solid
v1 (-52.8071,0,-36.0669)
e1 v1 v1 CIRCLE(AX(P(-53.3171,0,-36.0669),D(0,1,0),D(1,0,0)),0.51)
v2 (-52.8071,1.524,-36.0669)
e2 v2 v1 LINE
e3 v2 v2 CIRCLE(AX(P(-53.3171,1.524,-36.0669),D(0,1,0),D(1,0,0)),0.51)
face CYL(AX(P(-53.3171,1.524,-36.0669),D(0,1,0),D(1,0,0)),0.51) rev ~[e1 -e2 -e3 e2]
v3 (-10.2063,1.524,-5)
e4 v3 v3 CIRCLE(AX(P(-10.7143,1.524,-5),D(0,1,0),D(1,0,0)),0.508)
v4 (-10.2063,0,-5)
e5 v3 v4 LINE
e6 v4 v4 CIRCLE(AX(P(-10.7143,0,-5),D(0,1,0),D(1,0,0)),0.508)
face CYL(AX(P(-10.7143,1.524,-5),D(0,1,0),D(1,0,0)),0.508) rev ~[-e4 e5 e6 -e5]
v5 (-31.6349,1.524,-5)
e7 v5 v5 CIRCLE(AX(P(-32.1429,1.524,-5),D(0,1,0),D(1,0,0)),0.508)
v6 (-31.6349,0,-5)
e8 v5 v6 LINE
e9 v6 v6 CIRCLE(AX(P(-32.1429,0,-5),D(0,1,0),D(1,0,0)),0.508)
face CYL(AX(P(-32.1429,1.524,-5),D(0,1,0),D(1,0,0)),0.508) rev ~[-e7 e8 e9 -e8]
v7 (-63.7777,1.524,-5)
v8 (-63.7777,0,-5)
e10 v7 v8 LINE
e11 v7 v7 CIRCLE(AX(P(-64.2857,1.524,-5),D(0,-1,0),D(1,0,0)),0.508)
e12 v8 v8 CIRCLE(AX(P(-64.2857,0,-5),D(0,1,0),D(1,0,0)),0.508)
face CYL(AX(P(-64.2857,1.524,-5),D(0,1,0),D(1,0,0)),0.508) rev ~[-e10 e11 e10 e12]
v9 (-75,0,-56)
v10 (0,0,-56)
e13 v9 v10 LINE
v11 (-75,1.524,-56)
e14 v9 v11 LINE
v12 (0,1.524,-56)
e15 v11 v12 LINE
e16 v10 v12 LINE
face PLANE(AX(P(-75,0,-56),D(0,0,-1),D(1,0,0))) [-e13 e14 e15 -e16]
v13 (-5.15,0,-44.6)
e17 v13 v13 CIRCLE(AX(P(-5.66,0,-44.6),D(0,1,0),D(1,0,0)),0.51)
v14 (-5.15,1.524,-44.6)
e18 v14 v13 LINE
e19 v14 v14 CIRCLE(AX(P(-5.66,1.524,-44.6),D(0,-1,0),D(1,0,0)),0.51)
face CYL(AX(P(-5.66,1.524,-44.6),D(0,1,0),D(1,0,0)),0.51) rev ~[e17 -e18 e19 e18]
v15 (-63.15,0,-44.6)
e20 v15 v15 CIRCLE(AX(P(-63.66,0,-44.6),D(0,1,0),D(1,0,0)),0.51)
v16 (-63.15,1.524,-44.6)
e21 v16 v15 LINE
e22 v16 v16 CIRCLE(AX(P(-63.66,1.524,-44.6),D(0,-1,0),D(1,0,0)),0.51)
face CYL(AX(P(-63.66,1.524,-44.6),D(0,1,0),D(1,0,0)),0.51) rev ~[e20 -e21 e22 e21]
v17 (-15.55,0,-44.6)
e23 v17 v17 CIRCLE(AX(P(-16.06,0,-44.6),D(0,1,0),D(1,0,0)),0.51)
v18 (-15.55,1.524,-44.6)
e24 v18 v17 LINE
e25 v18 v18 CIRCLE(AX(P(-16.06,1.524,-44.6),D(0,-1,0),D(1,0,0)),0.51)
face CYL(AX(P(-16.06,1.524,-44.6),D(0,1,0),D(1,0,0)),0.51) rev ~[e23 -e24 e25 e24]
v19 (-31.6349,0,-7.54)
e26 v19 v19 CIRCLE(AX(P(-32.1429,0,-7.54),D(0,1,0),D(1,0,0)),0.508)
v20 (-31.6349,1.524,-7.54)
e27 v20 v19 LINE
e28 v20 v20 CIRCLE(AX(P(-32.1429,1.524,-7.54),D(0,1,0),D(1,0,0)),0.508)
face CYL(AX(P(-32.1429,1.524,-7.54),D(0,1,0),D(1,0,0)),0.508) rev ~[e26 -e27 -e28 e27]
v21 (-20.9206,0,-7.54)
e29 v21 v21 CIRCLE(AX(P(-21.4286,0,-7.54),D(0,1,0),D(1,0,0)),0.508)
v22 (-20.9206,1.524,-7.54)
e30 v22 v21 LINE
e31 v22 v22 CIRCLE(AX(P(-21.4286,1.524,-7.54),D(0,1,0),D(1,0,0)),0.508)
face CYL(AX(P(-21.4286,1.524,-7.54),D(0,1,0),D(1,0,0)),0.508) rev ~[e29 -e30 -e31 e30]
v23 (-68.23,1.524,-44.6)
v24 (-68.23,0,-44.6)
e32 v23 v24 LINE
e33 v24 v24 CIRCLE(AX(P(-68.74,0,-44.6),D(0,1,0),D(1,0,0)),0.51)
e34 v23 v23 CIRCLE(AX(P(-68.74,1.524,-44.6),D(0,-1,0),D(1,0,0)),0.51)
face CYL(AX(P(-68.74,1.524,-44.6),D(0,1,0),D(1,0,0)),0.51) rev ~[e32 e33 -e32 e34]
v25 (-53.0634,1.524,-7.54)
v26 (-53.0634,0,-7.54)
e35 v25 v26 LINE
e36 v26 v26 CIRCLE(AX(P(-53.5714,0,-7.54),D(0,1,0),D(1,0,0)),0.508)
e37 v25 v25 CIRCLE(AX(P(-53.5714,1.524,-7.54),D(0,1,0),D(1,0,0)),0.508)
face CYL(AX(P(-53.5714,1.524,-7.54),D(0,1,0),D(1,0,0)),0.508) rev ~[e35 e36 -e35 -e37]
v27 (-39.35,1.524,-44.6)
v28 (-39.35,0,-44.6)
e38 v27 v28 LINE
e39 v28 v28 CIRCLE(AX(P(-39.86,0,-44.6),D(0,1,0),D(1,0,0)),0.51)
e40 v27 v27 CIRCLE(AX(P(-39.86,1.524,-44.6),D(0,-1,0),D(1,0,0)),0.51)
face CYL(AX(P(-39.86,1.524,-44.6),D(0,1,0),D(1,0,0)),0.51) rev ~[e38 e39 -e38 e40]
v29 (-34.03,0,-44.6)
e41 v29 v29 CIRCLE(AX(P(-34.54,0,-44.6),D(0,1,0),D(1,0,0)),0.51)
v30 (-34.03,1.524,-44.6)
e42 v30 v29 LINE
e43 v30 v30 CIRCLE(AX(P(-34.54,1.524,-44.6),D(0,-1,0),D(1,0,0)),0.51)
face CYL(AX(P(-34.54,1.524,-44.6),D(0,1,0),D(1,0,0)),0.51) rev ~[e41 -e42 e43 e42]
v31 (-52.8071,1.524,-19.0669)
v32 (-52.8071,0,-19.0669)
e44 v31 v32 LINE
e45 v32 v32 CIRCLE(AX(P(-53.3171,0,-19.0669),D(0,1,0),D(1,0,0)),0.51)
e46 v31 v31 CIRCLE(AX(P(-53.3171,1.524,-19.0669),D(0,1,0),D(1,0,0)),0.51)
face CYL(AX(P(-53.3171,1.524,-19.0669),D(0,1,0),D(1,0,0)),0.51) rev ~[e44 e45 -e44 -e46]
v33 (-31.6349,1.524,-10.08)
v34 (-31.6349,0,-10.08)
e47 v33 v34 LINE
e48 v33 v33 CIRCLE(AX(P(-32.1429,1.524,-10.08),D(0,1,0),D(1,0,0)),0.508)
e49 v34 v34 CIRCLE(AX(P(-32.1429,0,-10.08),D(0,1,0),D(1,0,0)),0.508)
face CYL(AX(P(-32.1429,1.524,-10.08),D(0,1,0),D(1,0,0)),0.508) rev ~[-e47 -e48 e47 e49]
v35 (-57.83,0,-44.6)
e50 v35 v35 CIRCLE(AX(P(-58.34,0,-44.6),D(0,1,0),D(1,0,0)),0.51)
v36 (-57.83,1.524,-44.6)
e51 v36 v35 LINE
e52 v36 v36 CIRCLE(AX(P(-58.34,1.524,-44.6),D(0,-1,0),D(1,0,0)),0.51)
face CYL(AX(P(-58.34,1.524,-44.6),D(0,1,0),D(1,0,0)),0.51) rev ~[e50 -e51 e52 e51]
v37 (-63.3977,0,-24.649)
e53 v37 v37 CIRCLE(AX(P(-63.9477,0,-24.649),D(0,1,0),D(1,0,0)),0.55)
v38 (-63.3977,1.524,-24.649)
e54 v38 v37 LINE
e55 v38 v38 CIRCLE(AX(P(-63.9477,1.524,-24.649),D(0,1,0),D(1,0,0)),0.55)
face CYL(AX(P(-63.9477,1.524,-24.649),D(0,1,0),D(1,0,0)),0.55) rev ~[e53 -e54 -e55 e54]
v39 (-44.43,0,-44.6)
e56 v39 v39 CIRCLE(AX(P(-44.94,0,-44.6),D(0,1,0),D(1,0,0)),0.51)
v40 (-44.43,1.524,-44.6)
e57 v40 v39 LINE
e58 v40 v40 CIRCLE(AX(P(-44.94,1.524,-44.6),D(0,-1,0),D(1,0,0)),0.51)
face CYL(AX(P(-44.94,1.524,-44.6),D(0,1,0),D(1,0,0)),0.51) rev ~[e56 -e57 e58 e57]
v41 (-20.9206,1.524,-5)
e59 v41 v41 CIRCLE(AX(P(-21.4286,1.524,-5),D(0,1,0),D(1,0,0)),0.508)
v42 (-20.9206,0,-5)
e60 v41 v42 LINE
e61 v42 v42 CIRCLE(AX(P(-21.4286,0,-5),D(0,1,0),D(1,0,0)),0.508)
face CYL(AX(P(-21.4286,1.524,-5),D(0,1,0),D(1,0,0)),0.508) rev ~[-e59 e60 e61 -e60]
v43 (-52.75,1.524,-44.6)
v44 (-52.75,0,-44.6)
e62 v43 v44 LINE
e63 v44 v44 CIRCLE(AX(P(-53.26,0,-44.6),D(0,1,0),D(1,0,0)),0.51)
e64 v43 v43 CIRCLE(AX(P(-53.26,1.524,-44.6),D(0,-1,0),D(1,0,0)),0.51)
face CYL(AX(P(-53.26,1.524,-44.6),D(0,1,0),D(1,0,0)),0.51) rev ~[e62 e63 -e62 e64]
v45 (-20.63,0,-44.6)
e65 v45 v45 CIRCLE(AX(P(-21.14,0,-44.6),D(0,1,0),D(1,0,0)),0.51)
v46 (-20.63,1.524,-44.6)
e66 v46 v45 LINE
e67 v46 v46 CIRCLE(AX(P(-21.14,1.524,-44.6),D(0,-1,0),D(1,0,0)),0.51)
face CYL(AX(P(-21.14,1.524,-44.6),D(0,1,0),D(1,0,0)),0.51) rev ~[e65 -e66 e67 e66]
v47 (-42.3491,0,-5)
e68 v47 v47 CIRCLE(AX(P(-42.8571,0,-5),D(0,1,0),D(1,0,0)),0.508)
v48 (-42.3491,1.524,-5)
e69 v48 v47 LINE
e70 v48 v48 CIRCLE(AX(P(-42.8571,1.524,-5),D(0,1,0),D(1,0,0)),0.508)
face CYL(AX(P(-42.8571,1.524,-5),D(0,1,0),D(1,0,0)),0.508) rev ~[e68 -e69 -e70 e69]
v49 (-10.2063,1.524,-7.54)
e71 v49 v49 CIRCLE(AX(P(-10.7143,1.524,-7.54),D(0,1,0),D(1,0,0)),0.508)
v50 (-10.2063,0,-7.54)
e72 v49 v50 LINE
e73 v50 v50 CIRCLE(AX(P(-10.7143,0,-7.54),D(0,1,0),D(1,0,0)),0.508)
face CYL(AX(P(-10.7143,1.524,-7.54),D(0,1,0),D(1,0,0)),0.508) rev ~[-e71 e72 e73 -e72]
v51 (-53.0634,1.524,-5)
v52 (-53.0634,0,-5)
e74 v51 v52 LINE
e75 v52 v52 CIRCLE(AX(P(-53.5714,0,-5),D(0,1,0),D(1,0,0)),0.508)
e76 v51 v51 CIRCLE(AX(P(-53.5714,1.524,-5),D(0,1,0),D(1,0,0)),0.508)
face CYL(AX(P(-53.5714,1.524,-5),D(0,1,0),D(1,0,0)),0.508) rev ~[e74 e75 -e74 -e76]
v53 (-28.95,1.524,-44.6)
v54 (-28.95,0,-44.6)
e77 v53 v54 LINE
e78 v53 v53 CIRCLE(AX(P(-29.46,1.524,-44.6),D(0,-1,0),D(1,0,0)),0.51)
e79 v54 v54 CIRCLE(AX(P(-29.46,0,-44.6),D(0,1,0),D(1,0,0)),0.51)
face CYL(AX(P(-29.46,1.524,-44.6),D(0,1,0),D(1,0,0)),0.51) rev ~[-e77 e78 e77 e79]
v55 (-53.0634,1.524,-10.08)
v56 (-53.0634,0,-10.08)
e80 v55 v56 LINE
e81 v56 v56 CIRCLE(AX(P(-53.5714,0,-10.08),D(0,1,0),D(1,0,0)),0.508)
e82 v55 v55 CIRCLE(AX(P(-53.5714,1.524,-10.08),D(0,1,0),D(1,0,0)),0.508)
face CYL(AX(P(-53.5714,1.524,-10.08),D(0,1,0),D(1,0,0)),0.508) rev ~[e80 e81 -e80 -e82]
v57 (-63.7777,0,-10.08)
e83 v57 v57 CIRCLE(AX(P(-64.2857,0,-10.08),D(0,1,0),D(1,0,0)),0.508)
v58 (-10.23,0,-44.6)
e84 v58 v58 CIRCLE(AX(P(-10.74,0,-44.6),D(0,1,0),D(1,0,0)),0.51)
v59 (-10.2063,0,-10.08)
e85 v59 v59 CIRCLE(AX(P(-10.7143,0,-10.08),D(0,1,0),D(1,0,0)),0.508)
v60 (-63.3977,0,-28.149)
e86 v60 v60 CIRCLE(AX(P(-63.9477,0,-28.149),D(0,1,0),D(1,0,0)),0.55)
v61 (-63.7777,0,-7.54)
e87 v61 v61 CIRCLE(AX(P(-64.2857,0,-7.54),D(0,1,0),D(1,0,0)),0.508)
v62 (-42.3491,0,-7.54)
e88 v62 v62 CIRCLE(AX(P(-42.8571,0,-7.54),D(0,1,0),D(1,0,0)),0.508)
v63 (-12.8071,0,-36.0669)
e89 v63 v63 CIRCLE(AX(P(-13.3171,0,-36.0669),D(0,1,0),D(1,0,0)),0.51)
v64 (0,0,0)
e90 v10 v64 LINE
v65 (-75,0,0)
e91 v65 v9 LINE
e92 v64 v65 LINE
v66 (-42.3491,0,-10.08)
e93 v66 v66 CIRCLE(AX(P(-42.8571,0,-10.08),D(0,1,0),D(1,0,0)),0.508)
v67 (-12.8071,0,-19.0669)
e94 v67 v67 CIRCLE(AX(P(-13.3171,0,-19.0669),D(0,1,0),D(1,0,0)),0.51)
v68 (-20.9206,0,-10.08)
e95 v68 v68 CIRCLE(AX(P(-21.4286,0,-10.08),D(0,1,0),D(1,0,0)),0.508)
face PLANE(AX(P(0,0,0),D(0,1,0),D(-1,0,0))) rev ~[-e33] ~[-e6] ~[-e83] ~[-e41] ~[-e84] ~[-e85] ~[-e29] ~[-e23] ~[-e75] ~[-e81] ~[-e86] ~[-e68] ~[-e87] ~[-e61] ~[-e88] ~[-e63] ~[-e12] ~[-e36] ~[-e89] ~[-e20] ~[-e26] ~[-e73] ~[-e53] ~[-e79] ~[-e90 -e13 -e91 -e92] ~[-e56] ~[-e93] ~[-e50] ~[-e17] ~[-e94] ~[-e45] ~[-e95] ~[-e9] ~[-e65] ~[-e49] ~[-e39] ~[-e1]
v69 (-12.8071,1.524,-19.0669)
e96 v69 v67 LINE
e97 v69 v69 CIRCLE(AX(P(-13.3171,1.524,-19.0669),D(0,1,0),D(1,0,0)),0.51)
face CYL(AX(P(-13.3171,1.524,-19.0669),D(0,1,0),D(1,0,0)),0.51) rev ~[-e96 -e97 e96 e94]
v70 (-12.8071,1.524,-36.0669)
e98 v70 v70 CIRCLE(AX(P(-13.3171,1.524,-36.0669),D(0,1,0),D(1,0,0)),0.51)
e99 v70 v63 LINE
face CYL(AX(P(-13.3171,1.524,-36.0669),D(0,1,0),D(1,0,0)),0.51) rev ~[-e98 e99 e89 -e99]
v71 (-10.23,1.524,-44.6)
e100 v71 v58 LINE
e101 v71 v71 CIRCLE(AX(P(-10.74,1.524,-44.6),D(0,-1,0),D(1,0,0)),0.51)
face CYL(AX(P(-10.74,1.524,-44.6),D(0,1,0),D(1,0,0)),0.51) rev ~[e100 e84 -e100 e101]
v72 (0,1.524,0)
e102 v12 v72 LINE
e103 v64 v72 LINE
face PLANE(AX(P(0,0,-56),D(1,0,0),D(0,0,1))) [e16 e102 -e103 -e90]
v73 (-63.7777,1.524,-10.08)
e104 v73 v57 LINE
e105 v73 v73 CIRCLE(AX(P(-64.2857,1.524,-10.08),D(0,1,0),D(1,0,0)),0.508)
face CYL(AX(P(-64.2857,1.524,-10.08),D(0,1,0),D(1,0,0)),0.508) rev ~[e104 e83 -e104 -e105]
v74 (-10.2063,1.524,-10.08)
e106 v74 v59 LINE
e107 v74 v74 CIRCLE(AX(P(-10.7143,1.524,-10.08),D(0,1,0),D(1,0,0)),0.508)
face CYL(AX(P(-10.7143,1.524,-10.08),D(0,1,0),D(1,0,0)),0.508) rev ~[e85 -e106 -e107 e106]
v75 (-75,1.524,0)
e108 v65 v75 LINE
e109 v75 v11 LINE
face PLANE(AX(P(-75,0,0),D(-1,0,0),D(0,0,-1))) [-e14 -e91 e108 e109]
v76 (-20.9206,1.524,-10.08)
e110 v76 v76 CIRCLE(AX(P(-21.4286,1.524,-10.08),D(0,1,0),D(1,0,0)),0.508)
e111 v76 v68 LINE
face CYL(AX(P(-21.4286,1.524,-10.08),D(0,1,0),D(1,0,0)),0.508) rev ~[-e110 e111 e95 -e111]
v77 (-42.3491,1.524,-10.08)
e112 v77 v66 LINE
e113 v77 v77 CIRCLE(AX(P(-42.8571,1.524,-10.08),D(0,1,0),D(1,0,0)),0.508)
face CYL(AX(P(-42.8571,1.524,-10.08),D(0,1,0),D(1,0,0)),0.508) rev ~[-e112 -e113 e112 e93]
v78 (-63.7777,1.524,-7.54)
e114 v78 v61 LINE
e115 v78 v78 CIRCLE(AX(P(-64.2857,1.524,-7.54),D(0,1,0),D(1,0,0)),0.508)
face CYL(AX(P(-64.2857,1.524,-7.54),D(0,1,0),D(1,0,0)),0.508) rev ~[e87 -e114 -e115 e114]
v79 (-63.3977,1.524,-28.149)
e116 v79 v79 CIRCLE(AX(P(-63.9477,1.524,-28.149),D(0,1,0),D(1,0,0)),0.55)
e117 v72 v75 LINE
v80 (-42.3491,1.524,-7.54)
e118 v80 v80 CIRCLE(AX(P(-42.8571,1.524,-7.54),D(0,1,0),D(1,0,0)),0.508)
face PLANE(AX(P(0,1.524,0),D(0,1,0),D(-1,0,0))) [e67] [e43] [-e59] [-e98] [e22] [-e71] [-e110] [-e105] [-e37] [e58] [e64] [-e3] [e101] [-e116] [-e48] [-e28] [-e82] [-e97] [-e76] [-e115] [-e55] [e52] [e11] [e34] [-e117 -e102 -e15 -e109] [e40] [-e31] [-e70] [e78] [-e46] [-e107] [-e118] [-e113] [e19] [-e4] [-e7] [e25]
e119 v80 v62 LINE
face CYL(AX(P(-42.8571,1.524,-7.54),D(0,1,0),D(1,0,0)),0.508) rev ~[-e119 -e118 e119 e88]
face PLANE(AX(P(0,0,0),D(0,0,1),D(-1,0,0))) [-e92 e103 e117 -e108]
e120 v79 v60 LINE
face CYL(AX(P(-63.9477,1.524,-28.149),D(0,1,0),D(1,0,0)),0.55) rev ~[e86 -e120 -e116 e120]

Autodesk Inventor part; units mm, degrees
ref_plane "YZ Plane" through (0, 0, 0) normal (1, 0, 0) x (0, 1, 0)
ref_plane "XZ Plane" through (0, 0, 0) normal (0, 1, 0) x (-1, 0, 0)
ref_plane "XY Plane" through (0, 0, 0) normal (0, 0, 1) x (1, 0, 0)
sketch "Sketch1" plane through (0, 0, 0) normal (0, 1, 0) x (-1, 0, 0)
  line L0 (0, 0) -> (75, 0)
  line L1 (75, 0) -> (75, -56)
  line L2 (75, -56) -> (0, -56)
  line L3 (0, -56) -> (0, 0)
  dimension "d0" = 75
  dimension "d1" = 56
extrude "Extrusion1" add sketch "Sketch1" along normal blind 1.524
sketch "Sketch2" plane through (0, 1.524, 0) normal (0, 1, 0) x (1, 0, 0)
  circle A0 centre (-64.2857, 10.08) radius 0.508
  circle A1 centre (-64.2857, 7.54) radius 0.508
  circle A2 centre (-64.2857, 5) radius 0.508
  line L0 (-75, 0) -> (0, 0) projected
  line L1 (-75, 56) -> (-75, 0) projected
  line L2 (-75, 0) -> (-64.2857, 0)
  line L3 (-64.2857, 0) -> (-64.2857, 5)
  circle A3 centre (-53.5714, 10.08) radius 0.508
  circle A4 centre (-53.5714, 7.54) radius 0.508
  circle A5 centre (-53.5714, 5) radius 0.508
  circle A6 centre (-42.8571, 10.08) radius 0.508
  circle A7 centre (-42.8571, 7.54) radius 0.508
  circle A8 centre (-42.8571, 5) radius 0.508
  circle A9 centre (-32.1429, 10.08) radius 0.508
  circle A10 centre (-32.1429, 7.54) radius 0.508
  circle A11 centre (-32.1429, 5) radius 0.508
  circle A12 centre (-21.4286, 10.08) radius 0.508
  circle A13 centre (-21.4286, 7.54) radius 0.508
  circle A14 centre (-21.4286, 5) radius 0.508
  circle A15 centre (-10.7143, 10.08) radius 0.508
  circle A16 centre (-10.7143, 7.54) radius 0.508
  circle A17 centre (-10.7143, 5) radius 0.508
  dimension "d6" = 10.7143
  dimension "d7" = 5
  dimension "d10" = 10.7143
extrude "Extrusion2" cut sketch "Sketch2" against normal through all
sketch "Sketch3" plane through (0, 1.524, 0) normal (0, 1, 0) x (1, 0, 0)
  circle A0 centre (-53.3171, 36.0669) radius 0.51
  circle A1 centre (-13.3171, 36.0669) radius 0.51
  circle A2 centre (-13.3171, 19.0669) radius 0.51
  circle A3 centre (-53.3171, 19.0669) radius 0.51
  point P0 (0, 0)
  dimension "d17" = 1.02
  dimension "d18" = 1.02
  dimension "d19" = 1.02
  dimension "d20" = 1.02
extrude "Extrusion3" cut sketch "Sketch3" against normal blind 10
sketch "Sketch4" plane through (0, 1.524, 0) normal (0, 1, 0) x (1, 0, 0)
  circle A0 centre (-63.9477, 28.149) radius 0.55
  circle A1 centre (-63.9477, 24.649) radius 0.55
  point P0 (0, 0)
extrude "Extrusion4" cut sketch "Sketch4" against normal blind 10
sketch "Sketch5" plane through (0, 1.524, 0) normal (0, 1, 0) x (1, 0, 0)
  line L0 (0, 0) -> (0, 56) projected
  line L1 (0, 56) -> (0, 45)
  line L2 (0, 45) -> (-5.26, 45)
  arc A0 (-6.06, 44.6) -> (-5.26, 44.6) centre (-5.66, 44.6) ccw
  arc A1 (-29.06, 44.6) -> (-29.86, 44.6) centre (-29.46, 44.6) ccw
  arc A2 (-34.94, 44.6) -> (-34.14, 44.6) centre (-34.54, 44.6) ccw
  arc A3 (-40.26, 44.6) -> (-39.86, 44.2) centre (-39.86, 44.6) ccw
  arc A4 (-68.74, 45) -> (-69.14, 44.6) centre (-68.74, 44.6) ccw
  circle A5 centre (-5.66, 44.6) radius 0.51
  circle A6 centre (-10.74, 44.6) radius 0.51
  circle A7 centre (-16.06, 44.6) radius 0.51
  circle A8 centre (-21.14, 44.6) radius 0.51
  circle A9 centre (-29.46, 44.6) radius 0.51
  circle A10 centre (-34.54, 44.6) radius 0.51
  circle A11 centre (-39.86, 44.6) radius 0.51
  circle A12 centre (-44.94, 44.6) radius 0.51
  circle A13 centre (-53.26, 44.6) radius 0.51
  circle A14 centre (-58.34, 44.6) radius 0.51
  circle A15 centre (-63.66, 44.6) radius 0.51
  circle A16 centre (-68.74, 44.6) radius 0.51
  line L3 (-5.26, 44.2) -> (-5.26, 44.2836)
  line L4 (-5.26, 44.9164) -> (-5.26, 45)
  line L5 (-5.26, 45) -> (-5.3436, 45)
  line L6 (-5.9764, 45) -> (-6.06, 45)
  line L7 (-6.06, 45) -> (-6.06, 44.9164)
  line L8 (-6.06, 44.2836) -> (-6.06, 44.2)
  line L9 (-6.06, 44.2) -> (-5.9764, 44.2)
  line L10 (-5.3436, 44.2) -> (-5.26, 44.2)
  line L11 (-10.34, 45) -> (-10.74, 45)
  line L12 (-11.0564, 45) -> (-11.14, 45)
  line L13 (-11.14, 45) -> (-11.14, 44.9164)
  line L14 (-11.14, 44.6) -> (-11.14, 44.2)
  line L15 (-10.34, 44.2) -> (-10.34, 44.2836)
  line L16 (-10.34, 44.9164) -> (-10.34, 45)
  line L17 (-16.46, 45) -> (-16.46, 44.6)
  line L18 (-16.46, 44.2836) -> (-16.46, 44.2)
  line L19 (-16.46, 44.2) -> (-16.3764, 44.2)
  line L20 (-15.7436, 44.2) -> (-15.66, 44.2)
  line L21 (-15.66, 44.2) -> (-15.66, 44.2836)
  line L22 (-15.66, 44.9164) -> (-15.66, 45)
  line L23 (-21.54, 45) -> (-21.54, 44.9164)
  line L24 (-21.54, 44.2836) -> (-21.54, 44.2)
  line L25 (-20.74, 45) -> (-20.8236, 45)
  line L26 (-21.14, 45) -> (-21.54, 45)
  line L27 (-20.74, 44.2) -> (-20.74, 44.6)
  line L28 (-20.74, 44.9164) -> (-20.74, 45)
  line L29 (-29.86, 45) -> (-29.86, 44.9164)
  line L30 (-29.86, 44.2836) -> (-29.86, 44.2)
  line L31 (-29.06, 45) -> (-29.1436, 45)
  line L32 (-29.7764, 45) -> (-29.86, 45)
  line L33 (-29.06, 44.2) -> (-29.06, 44.6)
  line L34 (-29.06, 44.9164) -> (-29.06, 45)
  line L35 (-34.94, 45) -> (-34.94, 44.9164)
  line L36 (-34.94, 44.2836) -> (-34.94, 44.2)
  line L37 (-34.14, 45) -> (-34.54, 45)
  line L38 (-34.8564, 45) -> (-34.94, 45)
  line L39 (-34.14, 44.2) -> (-34.14, 44.6)
  line L40 (-34.14, 44.9164) -> (-34.14, 45)
  line L41 (-40.26, 45) -> (-40.26, 44.9164)
  line L42 (-40.26, 44.2836) -> (-40.26, 44.2)
  line L43 (-39.46, 44.2) -> (-39.46, 44.2836)
  line L44 (-39.46, 44.6) -> (-39.46, 45)
  line L45 (-40.26, 44.2) -> (-40.1764, 44.2)
  line L46 (-39.5436, 44.2) -> (-39.46, 44.2)
  line L47 (-45.34, 45) -> (-45.34, 44.9164)
  line L48 (-45.34, 44.2836) -> (-45.34, 44.2)
  line L49 (-44.54, 44.2) -> (-44.54, 44.2836)
  line L50 (-44.54, 44.6) -> (-44.54, 45)
  line L51 (-45.34, 44.2) -> (-45.2564, 44.2)
  line L52 (-44.6236, 44.2) -> (-44.54, 44.2)
  line L53 (-44.54, 45) -> (-44.6236, 45)
  line L54 (-45.2564, 45) -> (-45.34, 45)
  line L55 (-52.86, 44.2) -> (-52.86, 44.6)
  line L56 (-52.86, 44.9164) -> (-52.86, 45)
  line L57 (-52.86, 45) -> (-52.9436, 45)
  line L58 (-53.5764, 45) -> (-53.66, 45)
  line L59 (-53.66, 45) -> (-53.66, 44.9164)
  line L60 (-53.66, 44.2836) -> (-53.66, 44.2)
  line L61 (-53.66, 44.2) -> (-53.5764, 44.2)
  line L62 (-53.26, 44.2) -> (-52.86, 44.2)
  line L63 (-58.74, 45) -> (-58.74, 44.6)
  line L64 (-58.74, 44.2836) -> (-58.74, 44.2)
  line L65 (-58.74, 44.2) -> (-58.6564, 44.2)
  line L66 (-58.0236, 44.2) -> (-57.94, 44.2)
  line L67 (-57.94, 44.2) -> (-57.94, 44.2836)
  line L68 (-57.94, 44.9164) -> (-57.94, 45)
  line L69 (-57.94, 45) -> (-58.0236, 45)
  line L70 (-58.6564, 45) -> (-58.74, 45)
  line L71 (-64.06, 45) -> (-64.06, 44.6)
  line L72 (-64.06, 44.2836) -> (-64.06, 44.2)
  line L73 (-64.06, 44.2) -> (-63.9764, 44.2)
  line L74 (-63.3436, 44.2) -> (-63.26, 44.2)
  line L75 (-63.26, 44.2) -> (-63.26, 44.2836)
  line L76 (-63.26, 44.9164) -> (-63.26, 45)
  line L77 (-63.26, 45) -> (-63.3436, 45)
  line L78 (-63.66, 45) -> (-64.06, 45)
  line L79 (-69.14, 45) -> (-69.14, 44.6)
  line L80 (-69.14, 44.2836) -> (-69.14, 44.2)
  line L81 (-69.14, 44.2) -> (-69.0564, 44.2)
  line L82 (-68.4236, 44.2) -> (-68.34, 44.2)
  line L83 (-68.34, 44.2) -> (-68.34, 44.2836)
  line L84 (-68.34, 44.9164) -> (-68.34, 45)
  line L85 (-68.34, 45) -> (-68.4236, 45)
  line L86 (-69.0564, 45) -> (-69.14, 45)
  point P0 (5.46, 11.6)
  point P1 (5.86, 11.2)
  point P2 (-65.4628, 43.85)
  dimension "d28" = 1.02
  dimension "d35" = 1.02
  dimension "d37" = 1.02
  dimension "d39" = 1.02
  dimension "d26" = 11
  dimension "d27" = 5.26
  dimension "d29" = 1.02
  dimension "d30" = 1.02
  dimension "d31" = 1.02
  dimension "d32" = 1.02
  dimension "d33" = 1.02
  dimension "d34" = 1.02
  dimension "d36" = 1.02
  dimension "d38" = 1.02
extrude "Extrusion5" cut sketch "Sketch5" against normal through all contours A5 | A6 | A7 | A8 | A9 | A10 | A11 | A12 | A13 | A14 | A15 | A16
properties part number "placa"
